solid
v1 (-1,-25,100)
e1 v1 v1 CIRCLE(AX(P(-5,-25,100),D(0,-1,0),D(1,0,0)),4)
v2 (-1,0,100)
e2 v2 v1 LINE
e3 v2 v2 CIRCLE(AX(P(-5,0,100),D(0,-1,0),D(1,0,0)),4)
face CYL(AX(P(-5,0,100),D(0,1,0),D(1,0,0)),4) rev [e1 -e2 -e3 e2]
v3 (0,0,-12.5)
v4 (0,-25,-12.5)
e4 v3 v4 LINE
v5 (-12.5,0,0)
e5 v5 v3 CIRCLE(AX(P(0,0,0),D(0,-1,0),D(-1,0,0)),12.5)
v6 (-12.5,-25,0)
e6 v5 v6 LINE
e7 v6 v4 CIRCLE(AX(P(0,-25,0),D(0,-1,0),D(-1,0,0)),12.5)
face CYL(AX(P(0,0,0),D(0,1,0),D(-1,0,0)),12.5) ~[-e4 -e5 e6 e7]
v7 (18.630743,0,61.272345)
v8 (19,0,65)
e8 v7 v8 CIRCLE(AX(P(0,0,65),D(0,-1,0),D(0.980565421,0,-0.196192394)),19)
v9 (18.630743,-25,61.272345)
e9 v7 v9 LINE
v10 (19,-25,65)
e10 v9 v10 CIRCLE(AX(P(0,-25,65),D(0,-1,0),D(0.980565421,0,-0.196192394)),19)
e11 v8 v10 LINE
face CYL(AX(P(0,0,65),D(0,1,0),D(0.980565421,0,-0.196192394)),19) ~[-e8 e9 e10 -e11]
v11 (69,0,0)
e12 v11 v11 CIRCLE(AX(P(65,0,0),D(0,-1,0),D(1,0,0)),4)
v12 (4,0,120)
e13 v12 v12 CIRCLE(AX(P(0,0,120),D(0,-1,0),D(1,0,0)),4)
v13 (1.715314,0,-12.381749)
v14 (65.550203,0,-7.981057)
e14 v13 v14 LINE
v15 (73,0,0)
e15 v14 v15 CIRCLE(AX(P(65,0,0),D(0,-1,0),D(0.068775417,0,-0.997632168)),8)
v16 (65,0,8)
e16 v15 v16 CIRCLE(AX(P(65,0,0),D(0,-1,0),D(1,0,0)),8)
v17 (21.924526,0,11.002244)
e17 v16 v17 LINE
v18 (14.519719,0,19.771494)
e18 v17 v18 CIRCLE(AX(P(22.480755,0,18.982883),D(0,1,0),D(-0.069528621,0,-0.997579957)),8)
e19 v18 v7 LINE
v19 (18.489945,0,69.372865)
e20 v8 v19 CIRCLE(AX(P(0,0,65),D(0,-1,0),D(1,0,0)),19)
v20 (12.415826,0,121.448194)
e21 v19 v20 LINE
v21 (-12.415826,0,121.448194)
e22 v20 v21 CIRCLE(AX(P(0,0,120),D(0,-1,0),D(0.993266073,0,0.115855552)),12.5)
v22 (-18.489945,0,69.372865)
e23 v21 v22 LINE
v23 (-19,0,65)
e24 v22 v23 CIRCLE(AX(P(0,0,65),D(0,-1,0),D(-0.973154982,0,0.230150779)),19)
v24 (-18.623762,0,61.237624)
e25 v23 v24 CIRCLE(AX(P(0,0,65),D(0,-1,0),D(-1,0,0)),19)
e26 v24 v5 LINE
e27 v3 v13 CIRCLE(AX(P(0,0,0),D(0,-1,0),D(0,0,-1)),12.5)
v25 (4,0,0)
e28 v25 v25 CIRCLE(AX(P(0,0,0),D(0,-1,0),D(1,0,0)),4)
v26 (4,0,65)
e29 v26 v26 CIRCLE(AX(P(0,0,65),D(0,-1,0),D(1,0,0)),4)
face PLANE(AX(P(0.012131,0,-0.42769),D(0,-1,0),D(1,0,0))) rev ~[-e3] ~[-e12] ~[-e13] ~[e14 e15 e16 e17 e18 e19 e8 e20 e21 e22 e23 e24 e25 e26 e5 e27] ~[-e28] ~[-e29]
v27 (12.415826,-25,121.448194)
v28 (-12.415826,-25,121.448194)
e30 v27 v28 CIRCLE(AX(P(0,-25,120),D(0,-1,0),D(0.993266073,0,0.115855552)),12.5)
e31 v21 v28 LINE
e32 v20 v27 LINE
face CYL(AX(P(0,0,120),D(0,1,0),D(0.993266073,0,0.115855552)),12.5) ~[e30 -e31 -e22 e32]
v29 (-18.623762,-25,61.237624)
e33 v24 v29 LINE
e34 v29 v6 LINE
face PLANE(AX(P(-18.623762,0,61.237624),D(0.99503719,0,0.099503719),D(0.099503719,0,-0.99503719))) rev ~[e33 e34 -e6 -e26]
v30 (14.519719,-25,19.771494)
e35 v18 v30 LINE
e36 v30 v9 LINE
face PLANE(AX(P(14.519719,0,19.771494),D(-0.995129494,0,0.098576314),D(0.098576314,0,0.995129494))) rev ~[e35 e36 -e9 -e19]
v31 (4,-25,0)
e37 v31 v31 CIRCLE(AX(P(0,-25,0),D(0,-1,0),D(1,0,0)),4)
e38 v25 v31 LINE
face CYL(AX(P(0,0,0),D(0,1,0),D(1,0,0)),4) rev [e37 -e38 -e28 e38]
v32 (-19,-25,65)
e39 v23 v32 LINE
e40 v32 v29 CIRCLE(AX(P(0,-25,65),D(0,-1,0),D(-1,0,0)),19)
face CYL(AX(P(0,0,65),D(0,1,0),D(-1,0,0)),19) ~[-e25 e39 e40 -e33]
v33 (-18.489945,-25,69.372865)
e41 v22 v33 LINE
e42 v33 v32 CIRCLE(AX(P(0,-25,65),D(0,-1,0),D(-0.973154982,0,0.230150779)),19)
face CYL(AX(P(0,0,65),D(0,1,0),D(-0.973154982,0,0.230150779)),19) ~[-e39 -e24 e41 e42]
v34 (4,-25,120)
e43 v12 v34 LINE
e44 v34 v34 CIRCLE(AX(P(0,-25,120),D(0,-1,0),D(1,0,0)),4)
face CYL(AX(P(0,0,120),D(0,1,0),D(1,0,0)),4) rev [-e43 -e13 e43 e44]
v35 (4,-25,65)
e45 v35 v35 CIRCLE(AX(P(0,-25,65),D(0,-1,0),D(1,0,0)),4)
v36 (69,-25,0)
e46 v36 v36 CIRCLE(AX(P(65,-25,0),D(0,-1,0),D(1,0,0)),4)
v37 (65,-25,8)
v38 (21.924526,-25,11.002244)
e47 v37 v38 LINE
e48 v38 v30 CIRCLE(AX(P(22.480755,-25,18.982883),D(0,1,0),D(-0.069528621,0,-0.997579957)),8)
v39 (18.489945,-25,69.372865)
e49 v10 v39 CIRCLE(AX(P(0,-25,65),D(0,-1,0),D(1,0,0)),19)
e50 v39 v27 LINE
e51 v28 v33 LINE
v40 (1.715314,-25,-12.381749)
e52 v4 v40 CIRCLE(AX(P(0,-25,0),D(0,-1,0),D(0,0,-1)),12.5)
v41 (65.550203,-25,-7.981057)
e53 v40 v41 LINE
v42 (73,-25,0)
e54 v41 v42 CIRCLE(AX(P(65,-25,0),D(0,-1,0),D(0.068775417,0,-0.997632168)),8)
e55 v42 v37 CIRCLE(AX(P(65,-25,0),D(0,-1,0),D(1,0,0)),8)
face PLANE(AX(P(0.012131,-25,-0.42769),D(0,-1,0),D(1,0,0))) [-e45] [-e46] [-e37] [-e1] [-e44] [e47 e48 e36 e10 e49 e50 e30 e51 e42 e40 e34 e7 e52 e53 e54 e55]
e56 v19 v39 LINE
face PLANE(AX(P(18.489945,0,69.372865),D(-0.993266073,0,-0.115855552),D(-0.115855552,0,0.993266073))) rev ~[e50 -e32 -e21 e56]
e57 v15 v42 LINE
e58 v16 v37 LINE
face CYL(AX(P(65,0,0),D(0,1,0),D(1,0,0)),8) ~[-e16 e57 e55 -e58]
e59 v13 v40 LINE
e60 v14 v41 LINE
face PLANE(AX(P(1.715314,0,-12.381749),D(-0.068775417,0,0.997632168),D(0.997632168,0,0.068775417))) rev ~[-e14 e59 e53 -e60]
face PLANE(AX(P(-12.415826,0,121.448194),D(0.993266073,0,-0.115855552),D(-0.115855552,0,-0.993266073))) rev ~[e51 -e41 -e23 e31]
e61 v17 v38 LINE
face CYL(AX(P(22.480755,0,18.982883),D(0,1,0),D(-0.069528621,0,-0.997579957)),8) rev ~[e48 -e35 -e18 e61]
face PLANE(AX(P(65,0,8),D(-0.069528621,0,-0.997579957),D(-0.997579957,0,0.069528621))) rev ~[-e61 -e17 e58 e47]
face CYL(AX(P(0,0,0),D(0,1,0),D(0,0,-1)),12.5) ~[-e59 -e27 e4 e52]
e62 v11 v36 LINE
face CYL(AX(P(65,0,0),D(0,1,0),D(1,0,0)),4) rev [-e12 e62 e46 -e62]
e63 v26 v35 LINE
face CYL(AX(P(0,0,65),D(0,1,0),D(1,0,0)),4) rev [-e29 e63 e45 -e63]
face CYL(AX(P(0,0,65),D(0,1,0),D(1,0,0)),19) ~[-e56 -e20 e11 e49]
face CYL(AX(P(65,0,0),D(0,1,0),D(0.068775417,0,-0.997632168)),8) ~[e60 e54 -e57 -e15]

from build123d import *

# Parameters (mm, degrees)
F0_R     = 4
F1_DEPTH = 25


with BuildPart() as f1:
    # F0 (on Front) → F1 (new body)
    with BuildSketch(Plane.XZ):
        with BuildLine():
            ThreePointArc((1.7153142053, -12.3817485509), (9.425800432, -8.2100113408), (12.5, 0))
            ThreePointArc((12.5, 0), (0, 12.5), (-12.5, 0))
            ThreePointArc((-12.5, 0), (-8.8388347648, -8.8388347648), (0, -12.5))
            Line((0, -12.5), (1.7153142053, -12.3817485509))
        make_face()
        Circle(F0_R, mode=Mode.SUBTRACT)
        with BuildLine():
            ThreePointArc((-12.5, 0), (0, 12.5), (12.5, 0))
            ThreePointArc((12.5, 0), (9.425800432, -8.2100113408), (1.7153142053, -12.3817485509))
            Line((1.7153142053, -12.3817485509), (65.5502033349, -7.9810573416))
            ThreePointArc((65.5502033349, -7.9810573416), (57.0047370671, -0.2752646609), (65, 8))
            Line((65, 8), (21.9245263595, 11.0022438251))
            ThreePointArc((21.9245263595, 11.0022438251), (16.3684000055, 13.8215743024), (14.5197193706, 19.771493992))
            Line((14.5197193706, 19.771493992), (18.6307429943, 61.272344506))
            ThreePointArc((18.6307429943, 61.272344506), (0.0177077601, 46.0000082517), (-18.6237623762, 61.2376237624))
            Line((-18.6237623762, 61.2376237624), (-12.5, 0))
        make_face()
        with BuildLine():
            ThreePointArc((0, -12.5), (0.8596927108, -12.4704020963), (1.7153142053, -12.3817485509))
            Line((1.7153142053, -12.3817485509), (0, -12.5))
        make_face()
        with BuildLine():
            Line((-19, 65), (-18.6237623762, 61.2376237624))
            ThreePointArc((-18.6237623762, 61.2376237624), (0.0177077601, 46.0000082517), (18.6307429943, 61.272344506))
            Line((18.6307429943, 61.272344506), (19, 65))
            Line((19, 65), (18.4899446576, 69.3728648001))
            ThreePointArc((18.4899446576, 69.3728648001), (0, 84), (-18.4899446576, 69.3728648001))
            Line((-18.4899446576, 69.3728648001), (-19, 65))
        make_face()
        with Locations((0, 65)):
            Circle(F0_R, mode=Mode.SUBTRACT)
        with BuildLine():
            ThreePointArc((-19, 65), (-18.905706614, 63.1094293386), (-18.6237623762, 61.2376237624))
            Line((-18.6237623762, 61.2376237624), (-19, 65))
        make_face()
        with BuildLine():
            ThreePointArc((65, 8), (57.0047370671, -0.2752646609), (65.5502033349, -7.9810573416))
            ThreePointArc((65.5502033349, -7.9810573416), (70.8481461455, -5.4588631289), (73, 0))
            ThreePointArc((73, 0), (70.6568542495, 5.6568542495), (65, 8))
        make_face()
        with Locations((65, 0)):
            Circle(F0_R, mode=Mode.SUBTRACT)
        with BuildLine():
            ThreePointArc((-18.4899446576, 69.3728648001), (-18.8720553795, 67.2012554947), (-19, 65))
            Line((-19, 65), (-18.4899446576, 69.3728648001))
        make_face()
        with BuildLine():
            Line((19, 65), (18.6307429943, 61.272344506))
            ThreePointArc((18.6307429943, 61.272344506), (18.9074603912, 63.1270500395), (19, 65))
        make_face()
        with BuildLine():
            Line((-12.4158259076, 121.4481944044), (-18.4899446576, 69.3728648001))
            ThreePointArc((-18.4899446576, 69.3728648001), (0, 84), (18.4899446576, 69.3728648001))
            Line((18.4899446576, 69.3728648001), (12.4158259076, 121.4481944044))
            ThreePointArc((12.4158259076, 121.4481944044), (12.4789387338, 120.7253192936), (12.5, 120))
            ThreePointArc((12.5, 120), (-0.7253192936, 107.5210612662), (-12.4158259076, 121.4481944044))
        make_face()
        with Locations((-5, 100)):
            Circle(F0_R, mode=Mode.SUBTRACT)
        with BuildLine():
            Line((18.4899446576, 69.3728648001), (19, 65))
            ThreePointArc((19, 65), (18.8720553795, 67.2012554947), (18.4899446576, 69.3728648001))
        make_face()
        with BuildLine():
            ThreePointArc((12.4158259076, 121.4481944044), (0, 132.5), (-12.4158259076, 121.4481944044))
            ThreePointArc((-12.4158259076, 121.4481944044), (-0.7253192936, 107.5210612662), (12.5, 120))
            ThreePointArc((12.5, 120), (12.4789387338, 120.7253192936), (12.4158259076, 121.4481944044))
        make_face()
        with Locations((0, 120)):
            Circle(F0_R, mode=Mode.SUBTRACT)
    extrude(amount=F1_DEPTH)


solid = f1.part
